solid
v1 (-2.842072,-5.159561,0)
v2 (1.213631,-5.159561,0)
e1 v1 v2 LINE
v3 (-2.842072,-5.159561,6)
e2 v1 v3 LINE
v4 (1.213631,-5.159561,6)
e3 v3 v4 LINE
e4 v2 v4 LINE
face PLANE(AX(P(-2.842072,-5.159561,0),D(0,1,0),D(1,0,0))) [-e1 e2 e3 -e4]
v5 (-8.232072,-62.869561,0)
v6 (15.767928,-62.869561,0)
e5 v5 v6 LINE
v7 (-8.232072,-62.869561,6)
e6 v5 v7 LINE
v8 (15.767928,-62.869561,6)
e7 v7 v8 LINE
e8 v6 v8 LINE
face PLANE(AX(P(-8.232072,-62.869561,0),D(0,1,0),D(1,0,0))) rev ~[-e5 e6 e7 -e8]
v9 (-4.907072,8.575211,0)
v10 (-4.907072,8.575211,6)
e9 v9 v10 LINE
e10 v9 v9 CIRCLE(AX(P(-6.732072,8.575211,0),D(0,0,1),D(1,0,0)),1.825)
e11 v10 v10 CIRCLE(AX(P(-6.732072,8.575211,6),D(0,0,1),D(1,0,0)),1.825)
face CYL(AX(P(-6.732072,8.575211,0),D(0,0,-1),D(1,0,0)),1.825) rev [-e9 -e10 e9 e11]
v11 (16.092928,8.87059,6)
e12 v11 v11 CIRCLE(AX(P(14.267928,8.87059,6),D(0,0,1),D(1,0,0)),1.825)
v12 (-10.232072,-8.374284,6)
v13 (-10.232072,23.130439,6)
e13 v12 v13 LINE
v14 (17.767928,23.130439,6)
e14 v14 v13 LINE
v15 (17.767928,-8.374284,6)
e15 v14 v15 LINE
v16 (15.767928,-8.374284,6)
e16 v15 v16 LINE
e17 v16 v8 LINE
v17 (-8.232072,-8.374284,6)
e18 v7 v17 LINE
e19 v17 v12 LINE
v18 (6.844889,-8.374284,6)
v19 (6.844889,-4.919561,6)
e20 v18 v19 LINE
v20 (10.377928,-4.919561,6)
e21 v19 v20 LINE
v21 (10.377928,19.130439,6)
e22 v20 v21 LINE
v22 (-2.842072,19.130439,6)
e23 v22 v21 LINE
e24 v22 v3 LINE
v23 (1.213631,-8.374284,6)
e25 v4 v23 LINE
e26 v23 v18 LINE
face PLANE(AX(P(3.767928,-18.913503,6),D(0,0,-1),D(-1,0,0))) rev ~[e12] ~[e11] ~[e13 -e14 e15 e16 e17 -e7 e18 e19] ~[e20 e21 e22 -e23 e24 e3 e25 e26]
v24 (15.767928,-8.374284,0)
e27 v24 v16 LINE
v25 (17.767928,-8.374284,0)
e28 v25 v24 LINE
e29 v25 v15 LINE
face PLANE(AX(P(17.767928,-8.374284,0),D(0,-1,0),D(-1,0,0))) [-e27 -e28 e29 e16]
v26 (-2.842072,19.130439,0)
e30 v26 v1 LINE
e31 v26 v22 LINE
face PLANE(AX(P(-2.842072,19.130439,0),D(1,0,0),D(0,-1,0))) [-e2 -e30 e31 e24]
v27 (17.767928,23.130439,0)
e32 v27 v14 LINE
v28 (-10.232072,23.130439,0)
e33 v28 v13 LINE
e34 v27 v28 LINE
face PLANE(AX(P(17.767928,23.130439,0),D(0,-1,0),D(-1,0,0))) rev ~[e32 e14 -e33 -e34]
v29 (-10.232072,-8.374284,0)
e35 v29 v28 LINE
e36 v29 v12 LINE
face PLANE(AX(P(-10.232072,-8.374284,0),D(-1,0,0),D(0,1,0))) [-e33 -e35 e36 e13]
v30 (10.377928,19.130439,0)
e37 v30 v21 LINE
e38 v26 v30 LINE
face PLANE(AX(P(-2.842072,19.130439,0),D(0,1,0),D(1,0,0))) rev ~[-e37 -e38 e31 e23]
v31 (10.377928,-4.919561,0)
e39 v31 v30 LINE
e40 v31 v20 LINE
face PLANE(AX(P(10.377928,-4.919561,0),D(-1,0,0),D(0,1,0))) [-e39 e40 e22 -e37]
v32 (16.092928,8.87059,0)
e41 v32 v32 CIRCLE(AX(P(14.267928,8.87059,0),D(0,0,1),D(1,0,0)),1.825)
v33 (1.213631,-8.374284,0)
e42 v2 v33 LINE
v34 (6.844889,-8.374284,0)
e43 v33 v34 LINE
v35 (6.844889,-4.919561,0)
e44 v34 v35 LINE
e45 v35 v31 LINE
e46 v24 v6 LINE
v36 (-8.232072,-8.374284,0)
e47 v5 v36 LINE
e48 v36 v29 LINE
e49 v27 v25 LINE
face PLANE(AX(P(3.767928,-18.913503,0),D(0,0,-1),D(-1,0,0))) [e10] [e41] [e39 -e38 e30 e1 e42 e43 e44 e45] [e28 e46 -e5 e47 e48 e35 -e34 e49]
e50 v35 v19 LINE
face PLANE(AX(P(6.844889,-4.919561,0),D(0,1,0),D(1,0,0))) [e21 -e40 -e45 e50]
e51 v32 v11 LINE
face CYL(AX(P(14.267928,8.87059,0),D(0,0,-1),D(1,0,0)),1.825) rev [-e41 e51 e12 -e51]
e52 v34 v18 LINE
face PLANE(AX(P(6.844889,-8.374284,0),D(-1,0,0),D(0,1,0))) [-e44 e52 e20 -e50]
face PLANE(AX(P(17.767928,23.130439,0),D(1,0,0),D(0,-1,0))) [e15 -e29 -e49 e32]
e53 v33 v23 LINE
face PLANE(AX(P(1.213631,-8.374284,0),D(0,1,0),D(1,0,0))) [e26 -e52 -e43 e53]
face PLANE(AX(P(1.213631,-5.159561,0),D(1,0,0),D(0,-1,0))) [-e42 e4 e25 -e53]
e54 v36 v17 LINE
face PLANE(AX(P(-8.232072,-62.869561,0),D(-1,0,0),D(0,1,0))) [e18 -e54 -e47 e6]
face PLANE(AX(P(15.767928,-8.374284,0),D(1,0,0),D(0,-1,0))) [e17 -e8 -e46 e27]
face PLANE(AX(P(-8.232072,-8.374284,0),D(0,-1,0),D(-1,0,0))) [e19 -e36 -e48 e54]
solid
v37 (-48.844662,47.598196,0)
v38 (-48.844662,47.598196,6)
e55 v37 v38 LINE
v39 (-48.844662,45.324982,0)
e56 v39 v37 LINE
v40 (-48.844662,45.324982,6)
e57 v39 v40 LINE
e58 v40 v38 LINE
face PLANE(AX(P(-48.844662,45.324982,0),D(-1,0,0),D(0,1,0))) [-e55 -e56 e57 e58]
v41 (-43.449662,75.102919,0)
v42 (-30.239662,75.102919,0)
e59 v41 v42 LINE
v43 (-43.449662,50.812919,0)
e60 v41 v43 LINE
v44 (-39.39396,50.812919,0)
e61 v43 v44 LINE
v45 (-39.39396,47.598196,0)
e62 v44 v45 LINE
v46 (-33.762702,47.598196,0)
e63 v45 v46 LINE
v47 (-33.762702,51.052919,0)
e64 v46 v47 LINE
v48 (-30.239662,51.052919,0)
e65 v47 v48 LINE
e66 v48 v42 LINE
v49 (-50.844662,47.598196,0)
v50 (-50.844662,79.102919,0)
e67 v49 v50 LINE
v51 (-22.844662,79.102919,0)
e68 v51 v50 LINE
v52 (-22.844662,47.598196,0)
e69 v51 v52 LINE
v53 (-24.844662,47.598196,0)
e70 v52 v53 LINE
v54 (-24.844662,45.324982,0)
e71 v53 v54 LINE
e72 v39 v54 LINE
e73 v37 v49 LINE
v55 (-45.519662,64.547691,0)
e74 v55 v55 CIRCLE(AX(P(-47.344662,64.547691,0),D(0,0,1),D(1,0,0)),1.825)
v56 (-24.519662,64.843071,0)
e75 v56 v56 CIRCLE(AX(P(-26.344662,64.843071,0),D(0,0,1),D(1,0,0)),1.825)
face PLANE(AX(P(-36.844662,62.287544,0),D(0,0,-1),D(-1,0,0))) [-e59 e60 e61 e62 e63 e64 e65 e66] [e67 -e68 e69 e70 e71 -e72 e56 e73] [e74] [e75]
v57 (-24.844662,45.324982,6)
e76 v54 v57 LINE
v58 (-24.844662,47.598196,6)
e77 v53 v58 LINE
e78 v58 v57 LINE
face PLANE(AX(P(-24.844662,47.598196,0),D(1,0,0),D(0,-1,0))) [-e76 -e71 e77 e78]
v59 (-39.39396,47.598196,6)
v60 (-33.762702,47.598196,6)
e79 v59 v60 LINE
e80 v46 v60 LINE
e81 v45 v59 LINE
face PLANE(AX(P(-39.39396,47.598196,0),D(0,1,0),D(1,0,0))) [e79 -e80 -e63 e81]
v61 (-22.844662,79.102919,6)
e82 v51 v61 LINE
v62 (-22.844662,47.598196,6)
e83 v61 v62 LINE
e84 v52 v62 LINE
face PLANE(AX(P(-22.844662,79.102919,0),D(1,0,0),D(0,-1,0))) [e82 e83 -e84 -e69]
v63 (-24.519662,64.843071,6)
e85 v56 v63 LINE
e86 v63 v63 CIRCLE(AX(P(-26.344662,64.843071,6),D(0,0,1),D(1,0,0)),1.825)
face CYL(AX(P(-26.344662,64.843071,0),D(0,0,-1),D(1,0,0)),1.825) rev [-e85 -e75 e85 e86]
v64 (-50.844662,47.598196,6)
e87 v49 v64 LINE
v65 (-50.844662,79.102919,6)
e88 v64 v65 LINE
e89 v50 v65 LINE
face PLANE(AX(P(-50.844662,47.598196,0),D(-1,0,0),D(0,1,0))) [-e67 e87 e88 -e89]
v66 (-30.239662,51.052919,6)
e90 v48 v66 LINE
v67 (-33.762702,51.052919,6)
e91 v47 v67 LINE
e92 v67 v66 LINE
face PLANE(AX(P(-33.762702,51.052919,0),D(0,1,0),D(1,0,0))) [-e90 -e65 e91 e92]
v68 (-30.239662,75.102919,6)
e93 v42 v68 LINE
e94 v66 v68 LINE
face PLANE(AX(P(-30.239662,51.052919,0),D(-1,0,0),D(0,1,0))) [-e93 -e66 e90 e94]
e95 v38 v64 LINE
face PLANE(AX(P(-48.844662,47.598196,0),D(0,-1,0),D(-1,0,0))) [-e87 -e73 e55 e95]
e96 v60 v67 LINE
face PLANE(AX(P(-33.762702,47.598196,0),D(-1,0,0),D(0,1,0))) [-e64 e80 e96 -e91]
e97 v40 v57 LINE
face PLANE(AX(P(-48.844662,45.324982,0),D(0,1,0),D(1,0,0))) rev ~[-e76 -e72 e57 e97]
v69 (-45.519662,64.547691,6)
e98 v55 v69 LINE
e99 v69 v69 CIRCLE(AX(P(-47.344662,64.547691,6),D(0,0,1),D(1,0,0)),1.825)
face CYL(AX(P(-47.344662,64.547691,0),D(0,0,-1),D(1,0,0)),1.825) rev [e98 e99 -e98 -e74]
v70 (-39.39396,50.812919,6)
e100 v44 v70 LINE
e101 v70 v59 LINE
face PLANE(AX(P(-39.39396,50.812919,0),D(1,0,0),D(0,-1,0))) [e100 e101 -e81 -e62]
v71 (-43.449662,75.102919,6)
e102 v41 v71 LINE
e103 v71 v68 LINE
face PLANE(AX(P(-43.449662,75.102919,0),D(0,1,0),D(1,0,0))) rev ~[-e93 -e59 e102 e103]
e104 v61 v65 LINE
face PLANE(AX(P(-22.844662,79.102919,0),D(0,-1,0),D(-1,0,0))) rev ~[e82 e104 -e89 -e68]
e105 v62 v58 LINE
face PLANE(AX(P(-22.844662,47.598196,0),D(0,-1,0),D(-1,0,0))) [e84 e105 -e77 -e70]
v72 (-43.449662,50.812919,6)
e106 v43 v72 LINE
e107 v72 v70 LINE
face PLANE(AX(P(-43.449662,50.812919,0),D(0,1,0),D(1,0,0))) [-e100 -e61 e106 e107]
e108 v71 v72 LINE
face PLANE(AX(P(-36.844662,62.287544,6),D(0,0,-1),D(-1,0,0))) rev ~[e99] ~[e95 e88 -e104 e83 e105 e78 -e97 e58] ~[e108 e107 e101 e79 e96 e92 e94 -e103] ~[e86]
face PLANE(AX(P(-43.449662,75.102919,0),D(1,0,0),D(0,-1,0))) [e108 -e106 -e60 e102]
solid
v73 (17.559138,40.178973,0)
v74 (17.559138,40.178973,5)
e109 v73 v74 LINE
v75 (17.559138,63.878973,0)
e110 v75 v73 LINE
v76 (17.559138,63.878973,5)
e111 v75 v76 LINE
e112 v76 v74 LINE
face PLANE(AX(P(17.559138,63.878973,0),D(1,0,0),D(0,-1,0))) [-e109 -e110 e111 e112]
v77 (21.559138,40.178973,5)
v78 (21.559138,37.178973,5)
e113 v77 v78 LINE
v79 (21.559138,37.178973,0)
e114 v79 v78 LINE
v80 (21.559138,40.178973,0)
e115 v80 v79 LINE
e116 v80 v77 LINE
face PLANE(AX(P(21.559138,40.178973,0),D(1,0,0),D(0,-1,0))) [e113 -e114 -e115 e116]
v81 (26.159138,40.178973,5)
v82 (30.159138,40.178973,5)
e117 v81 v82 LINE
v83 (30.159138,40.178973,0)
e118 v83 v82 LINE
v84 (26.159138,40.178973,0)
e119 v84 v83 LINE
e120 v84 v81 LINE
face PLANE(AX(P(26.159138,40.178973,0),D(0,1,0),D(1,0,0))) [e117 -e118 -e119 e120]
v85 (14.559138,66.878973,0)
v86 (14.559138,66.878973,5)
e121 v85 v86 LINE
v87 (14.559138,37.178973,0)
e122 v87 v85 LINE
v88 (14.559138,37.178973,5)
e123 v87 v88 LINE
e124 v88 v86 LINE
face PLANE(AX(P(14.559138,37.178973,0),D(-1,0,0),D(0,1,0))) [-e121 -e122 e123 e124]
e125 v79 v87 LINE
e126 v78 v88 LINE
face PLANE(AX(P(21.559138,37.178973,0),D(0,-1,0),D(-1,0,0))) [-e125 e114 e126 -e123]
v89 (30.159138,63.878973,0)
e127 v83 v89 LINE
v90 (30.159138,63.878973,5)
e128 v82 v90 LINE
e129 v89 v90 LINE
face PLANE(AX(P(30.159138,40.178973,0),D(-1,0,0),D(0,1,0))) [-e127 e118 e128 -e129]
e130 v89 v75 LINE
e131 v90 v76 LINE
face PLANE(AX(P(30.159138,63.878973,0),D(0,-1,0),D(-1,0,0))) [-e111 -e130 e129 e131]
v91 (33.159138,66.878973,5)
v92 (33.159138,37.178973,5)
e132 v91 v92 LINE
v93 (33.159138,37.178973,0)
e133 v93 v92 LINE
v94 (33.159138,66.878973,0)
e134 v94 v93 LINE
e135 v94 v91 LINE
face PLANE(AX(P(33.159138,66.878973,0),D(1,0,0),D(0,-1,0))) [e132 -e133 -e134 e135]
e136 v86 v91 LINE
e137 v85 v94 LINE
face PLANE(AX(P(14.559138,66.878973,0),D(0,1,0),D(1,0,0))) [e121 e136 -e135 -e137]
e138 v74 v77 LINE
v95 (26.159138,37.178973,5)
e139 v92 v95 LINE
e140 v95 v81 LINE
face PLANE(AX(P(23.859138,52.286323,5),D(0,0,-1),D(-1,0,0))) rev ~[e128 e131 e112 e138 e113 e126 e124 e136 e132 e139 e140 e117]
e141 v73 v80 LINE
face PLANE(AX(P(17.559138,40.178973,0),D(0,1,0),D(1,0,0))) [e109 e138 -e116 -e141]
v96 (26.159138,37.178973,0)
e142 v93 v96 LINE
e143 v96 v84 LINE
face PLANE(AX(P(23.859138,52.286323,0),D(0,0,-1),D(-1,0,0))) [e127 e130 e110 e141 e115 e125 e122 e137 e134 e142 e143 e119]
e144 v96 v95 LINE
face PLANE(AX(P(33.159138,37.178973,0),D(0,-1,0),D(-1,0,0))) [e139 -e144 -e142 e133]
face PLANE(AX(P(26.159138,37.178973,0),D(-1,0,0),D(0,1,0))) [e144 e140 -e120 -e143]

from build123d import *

# Parameters (mm, degrees)
SKETCH1_R           = 1.825
BOSS_EXTRUDE1_DEPTH = 6
SKETCH3_R           = 1.825
BOSS_EXTRUDE2_DEPTH = 6
BOSS_EXTRUDE3_DEPTH = 5


with BuildPart() as part:
    # Sketch1 → Boss-Extrude1 (new body)
    with BuildSketch(Plane.XY):
        Polygon((3.767928447, -62.86956086), (-8.232071553, -62.86956086), (-8.232071553, -8.37428403), (-10.232071553, -8.37428403), (-10.232071553, 23.13043914), (-8.232071553, 23.13043914), (3.767928447, 23.13043914), (15.767928447, 23.13043914), (17.767928447, 23.13043914), (17.767928447, -8.37428403), (15.767928447, -8.37428403), (15.767928447, -62.86956086), align=None)
        with Locations((-6.732071553, 8.575211091)):
            Circle(SKETCH1_R, mode=Mode.SUBTRACT)
        with Locations((14.267928447, 8.870590402)):
            Circle(SKETCH1_R, mode=Mode.SUBTRACT)
        Polygon((3.767928447, 19.13043914), (-2.842071553, 19.13043914), (-2.842071553, -5.15956086), (1.21363058, -5.15956086), (1.21363058, -8.37428403), (6.844888712, -8.37428403), (6.844888712, -4.91956086), (10.377928447, -4.91956086), (10.377928447, 19.13043914), align=None, mode=Mode.SUBTRACT)
    extrude(amount=BOSS_EXTRUDE1_DEPTH)


with BuildPart() as body_2:
    # Sketch3 → Boss-Extrude2 (new body)
    with BuildSketch(Plane.XY):
        Polygon((-36.844661852, 45.324982103), (-48.844661852, 45.324982103), (-48.844661852, 47.59819619), (-50.844661852, 47.59819619), (-50.844661852, 79.10291936), (-48.844661852, 79.10291936), (-36.844661852, 79.10291936), (-24.844661852, 79.10291936), (-22.844661852, 79.10291936), (-22.844661852, 47.59819619), (-24.844661852, 47.59819619), (-24.844661852, 45.324982103), align=None)
        with Locations((-47.344661852, 64.547691311)):
            Circle(SKETCH3_R, mode=Mode.SUBTRACT)
        with Locations((-26.344661852, 64.843070622)):
            Circle(SKETCH3_R, mode=Mode.SUBTRACT)
        Polygon((-36.844661852, 75.10291936), (-43.449661852, 75.10291936), (-43.449661852, 50.81291936), (-39.393959719, 50.81291936), (-39.393959719, 47.59819619), (-33.762701587, 47.59819619), (-33.762701587, 51.05291936), (-30.239661852, 51.05291936), (-30.239661852, 75.10291936), align=None, mode=Mode.SUBTRACT)
    extrude(amount=BOSS_EXTRUDE2_DEPTH)


with BuildPart() as body_3:
    # Sketch4 → Boss-Extrude3 (new body)
    with BuildSketch(Plane.XY):
        Polygon((14.559138473, 66.878973496), (33.159138473, 66.878973496), (33.159138473, 37.178973496), (26.159138473, 37.178973496), (26.159138473, 40.178973496), (30.159138473, 40.178973496), (30.159138473, 63.878973496), (17.559138473, 63.878973496), (17.559138473, 40.178973496), (21.559138473, 40.178973496), (21.559138473, 37.178973496), (14.559138473, 37.178973496), align=None)
    extrude(amount=BOSS_EXTRUDE3_DEPTH)


solid = Compound([part.part, body_2.part, body_3.part])
